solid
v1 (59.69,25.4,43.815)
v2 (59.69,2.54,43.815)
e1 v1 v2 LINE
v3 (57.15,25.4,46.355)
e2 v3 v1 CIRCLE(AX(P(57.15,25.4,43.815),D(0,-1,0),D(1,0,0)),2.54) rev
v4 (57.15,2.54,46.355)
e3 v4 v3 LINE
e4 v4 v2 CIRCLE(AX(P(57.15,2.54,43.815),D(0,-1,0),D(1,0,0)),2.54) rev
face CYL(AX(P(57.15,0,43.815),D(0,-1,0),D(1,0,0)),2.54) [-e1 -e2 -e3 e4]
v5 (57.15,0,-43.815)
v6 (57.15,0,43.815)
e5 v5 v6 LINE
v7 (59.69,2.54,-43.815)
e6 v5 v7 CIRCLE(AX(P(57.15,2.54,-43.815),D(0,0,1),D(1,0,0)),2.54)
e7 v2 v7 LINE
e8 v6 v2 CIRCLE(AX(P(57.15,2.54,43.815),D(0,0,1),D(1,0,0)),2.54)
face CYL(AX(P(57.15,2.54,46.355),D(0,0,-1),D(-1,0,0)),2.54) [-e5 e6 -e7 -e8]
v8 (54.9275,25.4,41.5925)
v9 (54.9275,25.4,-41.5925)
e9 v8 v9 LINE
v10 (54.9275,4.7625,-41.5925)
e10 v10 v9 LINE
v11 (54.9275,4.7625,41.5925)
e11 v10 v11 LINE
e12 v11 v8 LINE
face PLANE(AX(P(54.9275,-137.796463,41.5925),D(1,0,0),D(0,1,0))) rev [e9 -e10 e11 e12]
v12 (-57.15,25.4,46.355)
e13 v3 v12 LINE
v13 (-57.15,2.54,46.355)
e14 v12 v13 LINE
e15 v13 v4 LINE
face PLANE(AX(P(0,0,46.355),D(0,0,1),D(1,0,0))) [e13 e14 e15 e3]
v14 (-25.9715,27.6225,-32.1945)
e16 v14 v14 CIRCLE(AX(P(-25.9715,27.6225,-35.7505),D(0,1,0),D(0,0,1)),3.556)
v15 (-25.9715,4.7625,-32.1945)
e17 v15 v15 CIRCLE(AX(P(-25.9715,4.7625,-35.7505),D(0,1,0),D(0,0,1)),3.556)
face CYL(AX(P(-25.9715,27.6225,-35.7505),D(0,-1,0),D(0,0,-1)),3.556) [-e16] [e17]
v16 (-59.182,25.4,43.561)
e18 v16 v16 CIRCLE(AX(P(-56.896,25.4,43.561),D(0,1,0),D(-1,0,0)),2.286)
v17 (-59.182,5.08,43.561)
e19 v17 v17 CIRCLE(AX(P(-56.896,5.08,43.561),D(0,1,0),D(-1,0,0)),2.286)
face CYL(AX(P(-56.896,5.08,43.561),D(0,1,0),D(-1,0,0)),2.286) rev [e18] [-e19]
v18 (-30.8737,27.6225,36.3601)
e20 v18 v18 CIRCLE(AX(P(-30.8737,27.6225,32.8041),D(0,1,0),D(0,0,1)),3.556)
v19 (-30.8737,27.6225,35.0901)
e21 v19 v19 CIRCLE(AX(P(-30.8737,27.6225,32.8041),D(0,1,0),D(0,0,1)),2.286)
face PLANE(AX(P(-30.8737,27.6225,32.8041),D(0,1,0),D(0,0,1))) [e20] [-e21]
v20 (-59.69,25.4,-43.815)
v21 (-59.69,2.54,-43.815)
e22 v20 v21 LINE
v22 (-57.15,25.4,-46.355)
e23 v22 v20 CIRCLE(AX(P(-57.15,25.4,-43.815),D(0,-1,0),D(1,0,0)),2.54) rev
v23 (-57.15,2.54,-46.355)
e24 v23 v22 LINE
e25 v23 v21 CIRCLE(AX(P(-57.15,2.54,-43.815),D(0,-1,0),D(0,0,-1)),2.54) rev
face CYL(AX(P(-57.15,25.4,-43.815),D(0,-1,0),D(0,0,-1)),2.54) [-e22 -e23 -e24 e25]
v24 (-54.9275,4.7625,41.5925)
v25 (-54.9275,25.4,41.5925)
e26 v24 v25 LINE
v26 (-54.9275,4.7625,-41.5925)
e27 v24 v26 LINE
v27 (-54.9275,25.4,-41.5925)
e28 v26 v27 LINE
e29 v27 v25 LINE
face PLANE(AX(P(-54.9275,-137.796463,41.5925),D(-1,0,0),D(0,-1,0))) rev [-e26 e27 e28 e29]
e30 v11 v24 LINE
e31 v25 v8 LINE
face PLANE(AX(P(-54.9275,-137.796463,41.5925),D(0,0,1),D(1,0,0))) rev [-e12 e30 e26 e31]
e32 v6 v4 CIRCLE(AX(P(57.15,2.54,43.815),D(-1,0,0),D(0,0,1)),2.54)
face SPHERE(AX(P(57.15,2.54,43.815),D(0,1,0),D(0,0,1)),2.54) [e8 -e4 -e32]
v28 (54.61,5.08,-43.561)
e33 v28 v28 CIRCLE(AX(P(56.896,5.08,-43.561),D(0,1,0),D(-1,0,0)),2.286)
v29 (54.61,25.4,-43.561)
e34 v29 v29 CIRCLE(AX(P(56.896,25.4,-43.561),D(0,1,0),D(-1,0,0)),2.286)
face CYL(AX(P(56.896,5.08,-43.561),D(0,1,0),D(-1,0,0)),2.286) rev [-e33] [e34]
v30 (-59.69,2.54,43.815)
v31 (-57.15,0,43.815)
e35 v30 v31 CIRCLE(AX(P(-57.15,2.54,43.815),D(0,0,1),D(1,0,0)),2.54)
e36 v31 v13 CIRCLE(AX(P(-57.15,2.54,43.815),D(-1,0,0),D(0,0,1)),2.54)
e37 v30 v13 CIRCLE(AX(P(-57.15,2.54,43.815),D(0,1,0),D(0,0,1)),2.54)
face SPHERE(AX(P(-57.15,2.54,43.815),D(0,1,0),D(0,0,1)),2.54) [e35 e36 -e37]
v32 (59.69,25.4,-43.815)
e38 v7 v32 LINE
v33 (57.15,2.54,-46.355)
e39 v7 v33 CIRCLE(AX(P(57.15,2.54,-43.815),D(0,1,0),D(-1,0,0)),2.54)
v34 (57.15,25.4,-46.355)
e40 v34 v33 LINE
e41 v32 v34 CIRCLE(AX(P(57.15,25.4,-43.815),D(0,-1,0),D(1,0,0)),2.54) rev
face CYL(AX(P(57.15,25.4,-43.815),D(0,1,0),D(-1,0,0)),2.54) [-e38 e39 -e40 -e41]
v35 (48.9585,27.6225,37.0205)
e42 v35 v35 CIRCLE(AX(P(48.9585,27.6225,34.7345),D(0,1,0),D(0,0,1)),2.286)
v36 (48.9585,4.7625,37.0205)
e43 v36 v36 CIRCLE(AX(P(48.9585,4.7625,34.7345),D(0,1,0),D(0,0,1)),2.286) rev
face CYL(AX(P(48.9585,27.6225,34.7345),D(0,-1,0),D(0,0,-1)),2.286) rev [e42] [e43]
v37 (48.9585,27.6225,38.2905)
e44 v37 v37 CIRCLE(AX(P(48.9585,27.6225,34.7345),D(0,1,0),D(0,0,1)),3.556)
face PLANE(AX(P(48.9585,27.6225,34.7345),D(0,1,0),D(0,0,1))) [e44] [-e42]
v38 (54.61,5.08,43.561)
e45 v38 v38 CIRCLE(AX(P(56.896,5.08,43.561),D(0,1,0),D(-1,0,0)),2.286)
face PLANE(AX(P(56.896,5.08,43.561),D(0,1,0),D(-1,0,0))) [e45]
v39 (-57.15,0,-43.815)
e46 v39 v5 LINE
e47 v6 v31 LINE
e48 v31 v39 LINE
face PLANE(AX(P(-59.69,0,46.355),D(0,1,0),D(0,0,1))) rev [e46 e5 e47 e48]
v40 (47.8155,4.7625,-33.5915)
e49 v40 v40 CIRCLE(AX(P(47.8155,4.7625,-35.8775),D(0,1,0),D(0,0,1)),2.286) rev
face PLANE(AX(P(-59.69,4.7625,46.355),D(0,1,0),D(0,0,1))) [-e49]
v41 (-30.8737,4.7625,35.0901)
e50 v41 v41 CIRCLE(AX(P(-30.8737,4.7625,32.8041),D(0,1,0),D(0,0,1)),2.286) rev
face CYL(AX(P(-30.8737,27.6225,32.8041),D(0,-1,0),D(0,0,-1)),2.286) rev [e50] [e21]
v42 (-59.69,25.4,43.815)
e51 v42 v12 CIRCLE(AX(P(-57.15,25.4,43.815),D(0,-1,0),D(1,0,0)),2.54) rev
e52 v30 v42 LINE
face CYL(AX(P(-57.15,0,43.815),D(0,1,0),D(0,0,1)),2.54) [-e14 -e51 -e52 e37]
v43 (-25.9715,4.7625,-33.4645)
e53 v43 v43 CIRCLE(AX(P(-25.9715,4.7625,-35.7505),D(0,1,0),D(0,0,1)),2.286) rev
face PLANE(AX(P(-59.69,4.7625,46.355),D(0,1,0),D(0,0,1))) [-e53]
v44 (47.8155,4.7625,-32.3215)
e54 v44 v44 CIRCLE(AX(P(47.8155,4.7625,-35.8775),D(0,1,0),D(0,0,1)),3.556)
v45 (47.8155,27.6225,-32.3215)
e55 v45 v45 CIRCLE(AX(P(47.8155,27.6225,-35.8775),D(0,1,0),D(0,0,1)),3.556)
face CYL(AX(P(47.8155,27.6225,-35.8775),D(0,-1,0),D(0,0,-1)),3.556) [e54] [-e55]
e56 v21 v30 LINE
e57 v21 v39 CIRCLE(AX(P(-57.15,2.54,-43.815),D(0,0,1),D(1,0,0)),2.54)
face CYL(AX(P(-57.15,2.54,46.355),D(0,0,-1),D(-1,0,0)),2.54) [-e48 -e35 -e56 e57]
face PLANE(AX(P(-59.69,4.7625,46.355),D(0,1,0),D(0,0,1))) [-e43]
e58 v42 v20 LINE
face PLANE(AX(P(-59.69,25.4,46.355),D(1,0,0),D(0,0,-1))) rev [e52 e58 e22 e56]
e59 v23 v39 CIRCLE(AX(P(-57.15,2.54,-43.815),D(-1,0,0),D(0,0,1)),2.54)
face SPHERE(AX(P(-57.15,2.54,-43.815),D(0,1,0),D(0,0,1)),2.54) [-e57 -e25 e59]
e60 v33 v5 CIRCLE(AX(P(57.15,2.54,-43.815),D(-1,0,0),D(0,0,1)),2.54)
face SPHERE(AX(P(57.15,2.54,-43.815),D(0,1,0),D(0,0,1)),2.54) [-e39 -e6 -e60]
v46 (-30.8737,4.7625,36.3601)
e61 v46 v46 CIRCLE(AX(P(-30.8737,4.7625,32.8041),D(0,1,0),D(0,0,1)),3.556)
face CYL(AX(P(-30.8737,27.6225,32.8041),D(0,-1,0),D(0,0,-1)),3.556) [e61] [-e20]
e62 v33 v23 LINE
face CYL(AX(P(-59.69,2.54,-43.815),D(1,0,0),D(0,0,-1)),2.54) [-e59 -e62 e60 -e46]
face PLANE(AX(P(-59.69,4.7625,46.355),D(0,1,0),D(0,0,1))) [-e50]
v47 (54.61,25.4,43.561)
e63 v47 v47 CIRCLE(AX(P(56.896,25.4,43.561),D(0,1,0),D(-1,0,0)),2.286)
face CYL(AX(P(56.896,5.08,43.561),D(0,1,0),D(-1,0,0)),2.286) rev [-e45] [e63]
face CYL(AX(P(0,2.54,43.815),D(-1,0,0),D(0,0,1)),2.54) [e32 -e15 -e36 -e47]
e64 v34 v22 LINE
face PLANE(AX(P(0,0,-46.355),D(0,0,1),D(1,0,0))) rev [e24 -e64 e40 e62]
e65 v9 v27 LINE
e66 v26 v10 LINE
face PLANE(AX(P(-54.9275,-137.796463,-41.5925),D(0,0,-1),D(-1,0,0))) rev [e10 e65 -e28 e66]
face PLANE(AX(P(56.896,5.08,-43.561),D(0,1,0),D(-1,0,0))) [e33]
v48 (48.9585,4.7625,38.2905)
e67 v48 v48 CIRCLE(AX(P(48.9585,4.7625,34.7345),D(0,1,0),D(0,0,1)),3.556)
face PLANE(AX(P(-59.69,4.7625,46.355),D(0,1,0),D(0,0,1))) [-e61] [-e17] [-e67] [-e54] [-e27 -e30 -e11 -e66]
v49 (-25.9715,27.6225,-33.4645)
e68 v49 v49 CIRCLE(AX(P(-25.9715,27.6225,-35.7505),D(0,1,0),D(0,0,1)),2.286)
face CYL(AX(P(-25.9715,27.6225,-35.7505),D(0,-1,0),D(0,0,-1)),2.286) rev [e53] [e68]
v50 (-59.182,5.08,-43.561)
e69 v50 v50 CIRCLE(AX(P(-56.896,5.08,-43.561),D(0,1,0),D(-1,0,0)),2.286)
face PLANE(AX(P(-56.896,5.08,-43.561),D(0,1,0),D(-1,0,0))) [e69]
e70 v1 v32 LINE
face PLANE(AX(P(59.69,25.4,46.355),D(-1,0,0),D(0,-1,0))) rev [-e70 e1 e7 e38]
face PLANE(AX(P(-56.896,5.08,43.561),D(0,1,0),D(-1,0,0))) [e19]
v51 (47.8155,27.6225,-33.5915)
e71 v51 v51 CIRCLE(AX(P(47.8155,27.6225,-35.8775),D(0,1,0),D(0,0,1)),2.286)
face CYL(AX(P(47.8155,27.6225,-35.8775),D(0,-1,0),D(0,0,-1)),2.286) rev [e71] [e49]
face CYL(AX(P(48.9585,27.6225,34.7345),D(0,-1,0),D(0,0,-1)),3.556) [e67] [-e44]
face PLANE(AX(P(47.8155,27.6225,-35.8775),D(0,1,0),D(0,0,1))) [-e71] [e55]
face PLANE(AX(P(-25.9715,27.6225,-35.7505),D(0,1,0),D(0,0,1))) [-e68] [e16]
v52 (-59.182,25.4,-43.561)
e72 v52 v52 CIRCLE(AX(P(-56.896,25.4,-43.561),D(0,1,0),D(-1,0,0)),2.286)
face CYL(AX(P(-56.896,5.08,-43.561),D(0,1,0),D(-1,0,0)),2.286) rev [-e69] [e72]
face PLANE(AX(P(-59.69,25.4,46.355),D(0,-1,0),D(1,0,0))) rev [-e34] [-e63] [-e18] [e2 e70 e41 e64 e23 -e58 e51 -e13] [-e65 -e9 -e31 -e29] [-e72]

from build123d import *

# Parameters (mm, degrees)
SKETCH1_W           = 119.38
SKETCH1_H           = 25.4
BOSS_EXTRUDE1_DEPTH = 46.355
SKETCH2_W           = 109.855
SKETCH2_H           = 83.185
CUT_EXTRUDE1_DEPTH  = 20.6375
FILLET1_R           = 2.54
FILLET2_R           = 2.54
SKETCH8_R           = 2.286
CUT_EXTRUDE2_DEPTH  = 20.32
SKETCH16_R          = 2.286
CUT_EXTRUDE4_DEPTH  = 20.32
SKETCH17_R          = 2.286
CUT_EXTRUDE5_DEPTH  = 20.32
SKETCH18_R          = 2.286
CUT_EXTRUDE6_DEPTH  = 20.32
SKETCH9_R           = 3.556
SKETCH9_R_2         = 2.286
BOSS_EXTRUDE2_DEPTH = 22.86
SKETCH11_R          = 3.556
SKETCH11_R_2        = 2.286
BOSS_EXTRUDE3_DEPTH = 22.86
SKETCH12_R          = 3.556
SKETCH12_R_2        = 2.286
BOSS_EXTRUDE4_DEPTH = 22.86
SKETCH13_R          = 3.556
SKETCH13_R_2        = 2.286
BOSS_EXTRUDE5_DEPTH = 22.86


with BuildPart() as part:
    # Sketch1 → Boss-Extrude1 (new body, symmetric)
    with BuildSketch(Plane.XY):
        with Locations((0, 12.7)):
            Rectangle(SKETCH1_W, SKETCH1_H)
    extrude(amount=BOSS_EXTRUDE1_DEPTH, both=True)

    # Sketch2 → Cut-Extrude1 (cut)
    with BuildSketch(Plane(origin=(0, 25.4, 0), x_dir=(1, 0, 0), z_dir=(0, 1, 0))):
        Rectangle(SKETCH2_W, SKETCH2_H)
    extrude(amount=-CUT_EXTRUDE1_DEPTH, mode=Mode.SUBTRACT)

    # Fillet1
    fillet1_edges = [part.edges().sort_by_distance(p)[0] for p in [
        (59.69, 12.7, 46.355),
        (-59.69, 12.7, 46.355),
        (59.69, 12.7, -46.355),
        (-59.69, 12.7, -46.355),
    ]]
    fillet(fillet1_edges, radius=FILLET1_R)

    # Fillet2
    fillet2_edges = [part.edges().sort_by_distance(p)[0] for p in [
        (59.69, 0, 0),
        (0, 0, -46.355),
        (0, 0, 46.355),
        (-59.69, 0, 0),
        (58.946051224, 0, 45.611051224),
        (-58.946051224, 0, 45.611051224),
        (-58.946051224, 0, -45.611051224),
        (58.946051224, 0, -45.611051224),
    ]]
    fillet(fillet2_edges, radius=FILLET2_R)

    # Sketch8 → Cut-Extrude2 (cut)
    with BuildSketch(Plane(origin=(0, 25.4, 0), x_dir=(1, 0, 0), z_dir=(0, 1, 0))):
        with Locations((56.896, 43.561)):
            Circle(SKETCH8_R)
    extrude(amount=-CUT_EXTRUDE2_DEPTH, mode=Mode.SUBTRACT)

    # Sketch16 → Cut-Extrude4 (cut)
    with BuildSketch(Plane(origin=(0, 25.4, 0), x_dir=(1, 0, 0), z_dir=(0, 1, 0))):
        with Locations((-56.896, -43.561)):
            Circle(SKETCH16_R)
    extrude(amount=-CUT_EXTRUDE4_DEPTH, mode=Mode.SUBTRACT)

    # Sketch17 → Cut-Extrude5 (cut)
    with BuildSketch(Plane(origin=(0, 25.4, 0), x_dir=(1, 0, 0), z_dir=(0, 1, 0))):
        with Locations((56.896, -43.561)):
            Circle(SKETCH17_R)
    extrude(amount=-CUT_EXTRUDE5_DEPTH, mode=Mode.SUBTRACT)

    # Sketch18 → Cut-Extrude6 (cut)
    with BuildSketch(Plane(origin=(0, 25.4, 0), x_dir=(1, 0, 0), z_dir=(0, 1, 0))):
        with Locations((-56.896, 43.561)):
            Circle(SKETCH18_R)
    extrude(amount=-CUT_EXTRUDE6_DEPTH, mode=Mode.SUBTRACT)

    # Sketch9 → Boss-Extrude2 (add)
    with BuildSketch(Plane(origin=(0, 4.7625, 0), x_dir=(1, 0, 0), z_dir=(0, 1, 0))):
        with Locations((-25.9715, 35.7505)):
            Circle(SKETCH9_R)
        with Locations((-25.9715, 35.7505)):
            Circle(SKETCH9_R_2, mode=Mode.SUBTRACT)
    extrude(amount=BOSS_EXTRUDE2_DEPTH)

    # Sketch11 → Boss-Extrude3 (add)
    with BuildSketch(Plane(origin=(0, 4.7625, 0), x_dir=(1, 0, 0), z_dir=(0, 1, 0))):
        with Locations((-30.8737, -32.8041)):
            Circle(SKETCH11_R)
        with Locations((-30.8737, -32.8041)):
            Circle(SKETCH11_R_2, mode=Mode.SUBTRACT)
    extrude(amount=BOSS_EXTRUDE3_DEPTH)

    # Sketch12 → Boss-Extrude4 (add)
    with BuildSketch(Plane(origin=(0, 4.7625, 0), x_dir=(1, 0, 0), z_dir=(0, 1, 0))):
        with Locations((47.8155, 35.8775)):
            Circle(SKETCH12_R)
        with Locations((47.8155, 35.8775)):
            Circle(SKETCH12_R_2, mode=Mode.SUBTRACT)
    extrude(amount=BOSS_EXTRUDE4_DEPTH)

    # Sketch13 → Boss-Extrude5 (add)
    with BuildSketch(Plane(origin=(0, 4.7625, 0), x_dir=(1, 0, 0), z_dir=(0, 1, 0))):
        with Locations((48.9585, -34.7345)):
            Circle(SKETCH13_R)
        with Locations((48.9585, -34.7345)):
            Circle(SKETCH13_R_2, mode=Mode.SUBTRACT)
    extrude(amount=BOSS_EXTRUDE5_DEPTH)


solid = part.part
